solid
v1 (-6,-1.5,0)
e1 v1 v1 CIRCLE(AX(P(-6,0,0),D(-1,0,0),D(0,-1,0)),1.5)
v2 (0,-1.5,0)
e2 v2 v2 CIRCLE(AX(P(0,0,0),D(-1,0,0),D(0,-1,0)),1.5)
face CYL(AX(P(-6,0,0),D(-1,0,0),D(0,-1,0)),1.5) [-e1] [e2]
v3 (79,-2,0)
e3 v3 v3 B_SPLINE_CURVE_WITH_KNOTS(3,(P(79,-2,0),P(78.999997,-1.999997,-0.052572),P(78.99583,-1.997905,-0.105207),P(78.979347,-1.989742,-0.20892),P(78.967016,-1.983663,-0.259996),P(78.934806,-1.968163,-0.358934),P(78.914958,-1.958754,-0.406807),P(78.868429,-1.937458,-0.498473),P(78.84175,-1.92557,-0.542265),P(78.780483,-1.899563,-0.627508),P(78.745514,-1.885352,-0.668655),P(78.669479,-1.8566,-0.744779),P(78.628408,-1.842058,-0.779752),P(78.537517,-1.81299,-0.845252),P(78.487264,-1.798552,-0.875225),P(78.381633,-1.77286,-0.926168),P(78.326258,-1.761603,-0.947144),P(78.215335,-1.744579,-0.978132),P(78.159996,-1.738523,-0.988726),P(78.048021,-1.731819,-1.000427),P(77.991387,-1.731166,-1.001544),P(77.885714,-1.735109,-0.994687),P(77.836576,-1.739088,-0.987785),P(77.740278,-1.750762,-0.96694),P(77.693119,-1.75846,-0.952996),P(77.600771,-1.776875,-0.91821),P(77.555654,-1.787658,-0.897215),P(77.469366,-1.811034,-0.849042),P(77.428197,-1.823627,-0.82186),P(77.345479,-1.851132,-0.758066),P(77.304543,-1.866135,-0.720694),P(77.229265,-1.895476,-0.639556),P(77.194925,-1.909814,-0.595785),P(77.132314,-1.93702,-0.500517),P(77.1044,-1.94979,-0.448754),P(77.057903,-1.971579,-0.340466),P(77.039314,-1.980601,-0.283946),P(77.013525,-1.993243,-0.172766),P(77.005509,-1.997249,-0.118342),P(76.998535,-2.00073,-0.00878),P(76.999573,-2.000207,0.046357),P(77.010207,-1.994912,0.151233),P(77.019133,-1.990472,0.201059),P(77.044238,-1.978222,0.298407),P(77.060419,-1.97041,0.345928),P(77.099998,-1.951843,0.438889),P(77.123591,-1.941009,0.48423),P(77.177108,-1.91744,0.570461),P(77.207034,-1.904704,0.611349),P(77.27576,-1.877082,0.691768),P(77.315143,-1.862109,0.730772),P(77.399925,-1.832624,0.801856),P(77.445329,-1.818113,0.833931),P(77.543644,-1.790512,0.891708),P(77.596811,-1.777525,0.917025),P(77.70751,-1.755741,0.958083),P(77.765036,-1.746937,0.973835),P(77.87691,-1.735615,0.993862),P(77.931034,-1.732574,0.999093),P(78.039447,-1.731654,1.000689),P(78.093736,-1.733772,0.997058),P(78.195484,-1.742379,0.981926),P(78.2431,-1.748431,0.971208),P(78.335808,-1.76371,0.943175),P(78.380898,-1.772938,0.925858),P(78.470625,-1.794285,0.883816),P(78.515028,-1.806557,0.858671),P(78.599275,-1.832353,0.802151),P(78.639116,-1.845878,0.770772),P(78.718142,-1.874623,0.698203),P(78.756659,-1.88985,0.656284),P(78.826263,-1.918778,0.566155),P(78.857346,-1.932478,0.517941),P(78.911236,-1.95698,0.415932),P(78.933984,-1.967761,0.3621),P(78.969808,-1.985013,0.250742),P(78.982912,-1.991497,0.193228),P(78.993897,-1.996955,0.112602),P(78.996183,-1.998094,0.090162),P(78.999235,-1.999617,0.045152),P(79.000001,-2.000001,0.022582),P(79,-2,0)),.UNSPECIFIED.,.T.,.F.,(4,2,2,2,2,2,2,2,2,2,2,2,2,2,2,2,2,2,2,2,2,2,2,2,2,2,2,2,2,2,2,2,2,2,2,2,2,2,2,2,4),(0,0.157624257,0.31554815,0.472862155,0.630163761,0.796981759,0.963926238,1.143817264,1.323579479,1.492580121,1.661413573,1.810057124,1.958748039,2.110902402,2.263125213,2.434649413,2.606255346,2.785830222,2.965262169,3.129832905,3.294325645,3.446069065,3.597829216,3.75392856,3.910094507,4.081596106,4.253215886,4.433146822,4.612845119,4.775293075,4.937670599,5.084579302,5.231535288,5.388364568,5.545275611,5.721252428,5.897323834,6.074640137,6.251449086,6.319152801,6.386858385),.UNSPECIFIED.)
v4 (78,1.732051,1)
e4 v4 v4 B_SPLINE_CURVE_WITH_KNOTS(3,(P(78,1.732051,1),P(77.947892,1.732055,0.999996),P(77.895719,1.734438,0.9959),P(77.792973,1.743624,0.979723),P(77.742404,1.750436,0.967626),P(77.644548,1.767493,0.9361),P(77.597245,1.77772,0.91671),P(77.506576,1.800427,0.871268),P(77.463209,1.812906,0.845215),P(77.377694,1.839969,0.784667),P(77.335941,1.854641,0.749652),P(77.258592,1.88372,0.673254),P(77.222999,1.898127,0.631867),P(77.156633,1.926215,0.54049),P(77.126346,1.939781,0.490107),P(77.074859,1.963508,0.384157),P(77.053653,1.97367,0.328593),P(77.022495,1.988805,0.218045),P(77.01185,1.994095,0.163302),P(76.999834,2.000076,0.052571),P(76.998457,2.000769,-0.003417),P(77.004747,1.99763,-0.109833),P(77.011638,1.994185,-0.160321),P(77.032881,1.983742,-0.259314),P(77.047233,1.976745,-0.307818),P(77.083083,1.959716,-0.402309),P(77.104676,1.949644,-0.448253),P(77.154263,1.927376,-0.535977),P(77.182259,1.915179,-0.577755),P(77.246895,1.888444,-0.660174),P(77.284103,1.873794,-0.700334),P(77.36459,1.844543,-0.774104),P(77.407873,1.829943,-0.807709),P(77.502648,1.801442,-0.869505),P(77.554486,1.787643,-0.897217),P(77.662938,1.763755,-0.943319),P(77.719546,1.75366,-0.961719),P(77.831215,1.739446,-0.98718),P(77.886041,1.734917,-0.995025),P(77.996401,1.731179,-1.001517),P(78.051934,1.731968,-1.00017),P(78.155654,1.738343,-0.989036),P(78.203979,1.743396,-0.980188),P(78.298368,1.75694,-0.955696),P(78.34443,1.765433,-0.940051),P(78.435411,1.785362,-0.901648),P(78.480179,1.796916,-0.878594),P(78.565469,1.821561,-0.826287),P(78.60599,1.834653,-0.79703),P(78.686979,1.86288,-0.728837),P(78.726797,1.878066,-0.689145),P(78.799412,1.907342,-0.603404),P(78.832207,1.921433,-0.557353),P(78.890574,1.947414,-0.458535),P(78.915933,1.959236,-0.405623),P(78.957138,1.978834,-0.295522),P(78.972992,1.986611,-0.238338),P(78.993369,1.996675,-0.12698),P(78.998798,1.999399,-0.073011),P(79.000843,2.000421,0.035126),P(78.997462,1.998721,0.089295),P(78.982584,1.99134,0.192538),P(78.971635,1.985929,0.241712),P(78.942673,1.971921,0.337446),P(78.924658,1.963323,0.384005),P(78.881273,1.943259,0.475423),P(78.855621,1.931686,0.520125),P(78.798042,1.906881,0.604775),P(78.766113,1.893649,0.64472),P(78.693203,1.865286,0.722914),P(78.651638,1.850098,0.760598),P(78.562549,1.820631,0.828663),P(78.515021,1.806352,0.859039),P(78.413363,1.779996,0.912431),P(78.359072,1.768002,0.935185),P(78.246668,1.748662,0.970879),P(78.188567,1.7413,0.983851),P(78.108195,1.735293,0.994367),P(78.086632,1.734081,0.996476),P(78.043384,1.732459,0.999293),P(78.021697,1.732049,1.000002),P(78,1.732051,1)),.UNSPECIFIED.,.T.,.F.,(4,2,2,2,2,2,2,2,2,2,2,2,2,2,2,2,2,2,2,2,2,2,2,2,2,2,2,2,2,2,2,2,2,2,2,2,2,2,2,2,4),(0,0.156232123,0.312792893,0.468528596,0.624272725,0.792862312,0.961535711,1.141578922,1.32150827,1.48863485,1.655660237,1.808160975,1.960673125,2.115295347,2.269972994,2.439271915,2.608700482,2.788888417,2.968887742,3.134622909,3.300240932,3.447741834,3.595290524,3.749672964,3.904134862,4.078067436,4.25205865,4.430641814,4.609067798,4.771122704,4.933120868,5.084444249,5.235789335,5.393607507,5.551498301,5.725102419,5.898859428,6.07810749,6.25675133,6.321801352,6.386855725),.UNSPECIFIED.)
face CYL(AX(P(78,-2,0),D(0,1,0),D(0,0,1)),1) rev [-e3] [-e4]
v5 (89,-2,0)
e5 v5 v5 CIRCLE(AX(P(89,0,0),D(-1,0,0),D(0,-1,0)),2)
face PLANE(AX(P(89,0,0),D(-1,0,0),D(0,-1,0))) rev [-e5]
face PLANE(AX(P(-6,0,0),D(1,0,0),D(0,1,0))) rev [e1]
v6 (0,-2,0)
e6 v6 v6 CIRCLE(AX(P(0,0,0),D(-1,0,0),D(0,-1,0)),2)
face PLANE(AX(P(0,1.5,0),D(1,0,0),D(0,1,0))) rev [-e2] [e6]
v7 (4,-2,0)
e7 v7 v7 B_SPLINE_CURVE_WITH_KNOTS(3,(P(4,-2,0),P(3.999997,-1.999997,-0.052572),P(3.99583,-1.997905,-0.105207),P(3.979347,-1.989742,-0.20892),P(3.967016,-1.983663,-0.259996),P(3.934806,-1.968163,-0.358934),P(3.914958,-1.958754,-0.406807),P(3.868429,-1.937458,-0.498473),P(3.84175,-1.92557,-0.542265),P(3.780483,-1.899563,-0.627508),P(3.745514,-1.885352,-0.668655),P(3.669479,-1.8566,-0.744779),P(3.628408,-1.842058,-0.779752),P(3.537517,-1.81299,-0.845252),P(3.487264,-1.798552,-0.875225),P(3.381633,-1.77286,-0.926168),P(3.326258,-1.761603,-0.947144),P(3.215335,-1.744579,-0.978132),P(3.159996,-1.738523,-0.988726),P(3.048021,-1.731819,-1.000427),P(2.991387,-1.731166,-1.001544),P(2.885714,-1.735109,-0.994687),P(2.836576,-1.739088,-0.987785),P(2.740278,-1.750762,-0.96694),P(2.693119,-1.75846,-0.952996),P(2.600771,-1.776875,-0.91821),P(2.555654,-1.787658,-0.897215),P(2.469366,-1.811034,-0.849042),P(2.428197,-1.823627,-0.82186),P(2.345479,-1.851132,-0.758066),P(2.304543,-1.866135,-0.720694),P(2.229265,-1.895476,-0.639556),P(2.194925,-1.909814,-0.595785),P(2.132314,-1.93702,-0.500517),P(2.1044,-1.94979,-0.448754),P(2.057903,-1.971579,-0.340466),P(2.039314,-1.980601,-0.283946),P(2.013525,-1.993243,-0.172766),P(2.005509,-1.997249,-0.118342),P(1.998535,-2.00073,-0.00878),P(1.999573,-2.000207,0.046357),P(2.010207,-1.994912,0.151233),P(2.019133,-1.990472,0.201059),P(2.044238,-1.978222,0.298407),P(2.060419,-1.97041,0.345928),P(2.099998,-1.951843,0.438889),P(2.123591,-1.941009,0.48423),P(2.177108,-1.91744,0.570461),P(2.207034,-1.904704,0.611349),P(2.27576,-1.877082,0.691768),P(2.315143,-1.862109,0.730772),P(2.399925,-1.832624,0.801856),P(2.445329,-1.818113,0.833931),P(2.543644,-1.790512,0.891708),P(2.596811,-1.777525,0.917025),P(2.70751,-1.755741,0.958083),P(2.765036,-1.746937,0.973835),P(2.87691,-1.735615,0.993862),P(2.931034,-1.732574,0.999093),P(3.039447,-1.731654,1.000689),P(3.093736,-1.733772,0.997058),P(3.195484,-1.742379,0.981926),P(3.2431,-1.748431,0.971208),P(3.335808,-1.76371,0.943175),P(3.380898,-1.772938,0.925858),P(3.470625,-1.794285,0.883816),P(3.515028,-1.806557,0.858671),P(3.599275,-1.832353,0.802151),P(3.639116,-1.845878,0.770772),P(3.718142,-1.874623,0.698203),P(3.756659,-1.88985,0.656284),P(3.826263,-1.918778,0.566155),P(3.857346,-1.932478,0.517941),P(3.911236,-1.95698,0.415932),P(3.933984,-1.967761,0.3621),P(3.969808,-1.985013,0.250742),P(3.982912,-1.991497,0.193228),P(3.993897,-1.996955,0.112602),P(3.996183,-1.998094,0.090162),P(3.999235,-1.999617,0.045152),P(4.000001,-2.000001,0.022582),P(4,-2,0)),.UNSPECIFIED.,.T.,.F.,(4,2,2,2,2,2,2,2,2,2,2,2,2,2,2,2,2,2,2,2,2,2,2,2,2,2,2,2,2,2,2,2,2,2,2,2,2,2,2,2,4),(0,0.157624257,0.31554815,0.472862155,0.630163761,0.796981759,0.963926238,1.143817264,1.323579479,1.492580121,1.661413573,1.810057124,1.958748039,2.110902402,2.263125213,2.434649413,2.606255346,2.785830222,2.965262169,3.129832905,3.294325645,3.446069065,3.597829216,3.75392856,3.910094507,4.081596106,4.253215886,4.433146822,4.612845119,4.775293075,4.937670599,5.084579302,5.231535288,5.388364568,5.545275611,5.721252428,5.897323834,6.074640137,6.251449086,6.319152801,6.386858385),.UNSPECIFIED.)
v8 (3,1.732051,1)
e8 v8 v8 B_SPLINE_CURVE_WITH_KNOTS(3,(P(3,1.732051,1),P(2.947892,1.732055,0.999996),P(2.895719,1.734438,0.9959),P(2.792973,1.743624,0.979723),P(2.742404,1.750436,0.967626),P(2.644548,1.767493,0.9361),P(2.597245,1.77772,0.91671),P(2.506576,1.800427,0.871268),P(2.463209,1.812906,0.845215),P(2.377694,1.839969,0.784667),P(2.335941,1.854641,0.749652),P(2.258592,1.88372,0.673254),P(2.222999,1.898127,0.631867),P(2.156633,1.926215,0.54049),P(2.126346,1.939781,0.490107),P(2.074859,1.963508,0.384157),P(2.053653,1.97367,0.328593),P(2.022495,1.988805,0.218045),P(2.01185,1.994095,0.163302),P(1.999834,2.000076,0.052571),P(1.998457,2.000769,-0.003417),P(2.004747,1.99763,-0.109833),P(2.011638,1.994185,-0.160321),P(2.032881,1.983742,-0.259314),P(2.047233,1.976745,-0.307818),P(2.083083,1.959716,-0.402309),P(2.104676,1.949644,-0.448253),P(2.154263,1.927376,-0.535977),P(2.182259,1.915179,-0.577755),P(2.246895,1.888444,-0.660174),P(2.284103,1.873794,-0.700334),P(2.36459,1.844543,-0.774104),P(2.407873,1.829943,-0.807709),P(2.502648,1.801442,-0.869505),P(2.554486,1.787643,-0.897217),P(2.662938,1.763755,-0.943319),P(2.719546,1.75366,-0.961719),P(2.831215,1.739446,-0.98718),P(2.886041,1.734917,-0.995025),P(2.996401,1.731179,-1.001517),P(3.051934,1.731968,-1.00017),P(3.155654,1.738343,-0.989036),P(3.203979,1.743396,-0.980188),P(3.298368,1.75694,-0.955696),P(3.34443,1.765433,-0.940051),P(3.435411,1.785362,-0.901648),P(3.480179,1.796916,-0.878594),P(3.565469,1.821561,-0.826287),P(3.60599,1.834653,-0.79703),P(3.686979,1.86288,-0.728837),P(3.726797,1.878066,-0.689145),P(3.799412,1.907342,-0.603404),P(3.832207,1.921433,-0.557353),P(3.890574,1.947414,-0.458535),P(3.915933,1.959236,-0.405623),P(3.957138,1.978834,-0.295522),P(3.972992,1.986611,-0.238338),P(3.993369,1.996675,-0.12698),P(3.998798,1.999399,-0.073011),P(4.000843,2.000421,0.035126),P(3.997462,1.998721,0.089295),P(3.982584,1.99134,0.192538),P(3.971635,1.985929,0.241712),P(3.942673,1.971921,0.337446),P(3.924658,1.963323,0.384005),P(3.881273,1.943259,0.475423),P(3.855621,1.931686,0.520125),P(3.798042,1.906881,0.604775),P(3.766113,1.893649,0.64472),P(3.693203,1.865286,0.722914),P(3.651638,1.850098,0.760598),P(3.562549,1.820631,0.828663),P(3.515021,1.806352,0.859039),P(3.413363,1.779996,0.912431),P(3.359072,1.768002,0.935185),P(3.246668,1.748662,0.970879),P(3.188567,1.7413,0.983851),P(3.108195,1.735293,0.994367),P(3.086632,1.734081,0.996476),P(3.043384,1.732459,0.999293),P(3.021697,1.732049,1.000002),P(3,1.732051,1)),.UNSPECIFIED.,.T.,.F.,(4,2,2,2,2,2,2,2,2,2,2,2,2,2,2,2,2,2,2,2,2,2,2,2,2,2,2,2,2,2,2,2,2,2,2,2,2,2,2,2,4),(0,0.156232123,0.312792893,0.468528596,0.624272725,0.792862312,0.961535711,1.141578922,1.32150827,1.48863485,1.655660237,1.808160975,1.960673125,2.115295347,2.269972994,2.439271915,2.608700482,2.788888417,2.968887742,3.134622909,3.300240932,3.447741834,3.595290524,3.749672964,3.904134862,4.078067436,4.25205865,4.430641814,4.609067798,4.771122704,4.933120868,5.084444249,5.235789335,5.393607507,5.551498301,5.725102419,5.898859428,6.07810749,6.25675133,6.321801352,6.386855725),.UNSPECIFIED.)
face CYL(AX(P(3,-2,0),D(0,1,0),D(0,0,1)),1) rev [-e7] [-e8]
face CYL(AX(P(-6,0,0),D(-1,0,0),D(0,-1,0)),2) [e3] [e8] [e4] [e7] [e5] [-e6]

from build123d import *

# Parameters (mm, degrees)
CUT_EXTRUDE1_DEPTH      = 90.044932478
CUT_EXTRUDE1_DEPTH_BACK = 90.044932478
SKETCH3_R               = 1


with BuildPart() as part:
    # Sketch1 → Revolve1 (revolve)
    with BuildSketch(Plane.XY, mode=Mode.PRIVATE) as revolve1_sk:
        Polygon((0, 1.5), (-6, 1.5), (-6, 0), (89, 0), (89, 2), (0, 2), align=None)
    revolve(revolve1_sk.sketch.rotate(Axis((-6, 0, 0), (1, 0, 0)), 180), axis=Axis((-6, 0, 0), (1, 0, 0)))

    # Sketch3 → Cut-Extrude1 (cut, two sides: drawn at the far end of the back side and taken through both)
    with BuildSketch(Plane(origin=(0, 0, 0), x_dir=(1, 0, 0), z_dir=(0, 1, 0)).offset(-CUT_EXTRUDE1_DEPTH_BACK)):
        with Locations(Location((3, 0, 0), (0, 0, 270))):
            Circle(SKETCH3_R)
        with Locations(Location((78, 0, 0), (0, 0, 270))):
            Circle(SKETCH3_R)
    extrude(amount=CUT_EXTRUDE1_DEPTH + CUT_EXTRUDE1_DEPTH_BACK, mode=Mode.SUBTRACT)


solid = part.part
